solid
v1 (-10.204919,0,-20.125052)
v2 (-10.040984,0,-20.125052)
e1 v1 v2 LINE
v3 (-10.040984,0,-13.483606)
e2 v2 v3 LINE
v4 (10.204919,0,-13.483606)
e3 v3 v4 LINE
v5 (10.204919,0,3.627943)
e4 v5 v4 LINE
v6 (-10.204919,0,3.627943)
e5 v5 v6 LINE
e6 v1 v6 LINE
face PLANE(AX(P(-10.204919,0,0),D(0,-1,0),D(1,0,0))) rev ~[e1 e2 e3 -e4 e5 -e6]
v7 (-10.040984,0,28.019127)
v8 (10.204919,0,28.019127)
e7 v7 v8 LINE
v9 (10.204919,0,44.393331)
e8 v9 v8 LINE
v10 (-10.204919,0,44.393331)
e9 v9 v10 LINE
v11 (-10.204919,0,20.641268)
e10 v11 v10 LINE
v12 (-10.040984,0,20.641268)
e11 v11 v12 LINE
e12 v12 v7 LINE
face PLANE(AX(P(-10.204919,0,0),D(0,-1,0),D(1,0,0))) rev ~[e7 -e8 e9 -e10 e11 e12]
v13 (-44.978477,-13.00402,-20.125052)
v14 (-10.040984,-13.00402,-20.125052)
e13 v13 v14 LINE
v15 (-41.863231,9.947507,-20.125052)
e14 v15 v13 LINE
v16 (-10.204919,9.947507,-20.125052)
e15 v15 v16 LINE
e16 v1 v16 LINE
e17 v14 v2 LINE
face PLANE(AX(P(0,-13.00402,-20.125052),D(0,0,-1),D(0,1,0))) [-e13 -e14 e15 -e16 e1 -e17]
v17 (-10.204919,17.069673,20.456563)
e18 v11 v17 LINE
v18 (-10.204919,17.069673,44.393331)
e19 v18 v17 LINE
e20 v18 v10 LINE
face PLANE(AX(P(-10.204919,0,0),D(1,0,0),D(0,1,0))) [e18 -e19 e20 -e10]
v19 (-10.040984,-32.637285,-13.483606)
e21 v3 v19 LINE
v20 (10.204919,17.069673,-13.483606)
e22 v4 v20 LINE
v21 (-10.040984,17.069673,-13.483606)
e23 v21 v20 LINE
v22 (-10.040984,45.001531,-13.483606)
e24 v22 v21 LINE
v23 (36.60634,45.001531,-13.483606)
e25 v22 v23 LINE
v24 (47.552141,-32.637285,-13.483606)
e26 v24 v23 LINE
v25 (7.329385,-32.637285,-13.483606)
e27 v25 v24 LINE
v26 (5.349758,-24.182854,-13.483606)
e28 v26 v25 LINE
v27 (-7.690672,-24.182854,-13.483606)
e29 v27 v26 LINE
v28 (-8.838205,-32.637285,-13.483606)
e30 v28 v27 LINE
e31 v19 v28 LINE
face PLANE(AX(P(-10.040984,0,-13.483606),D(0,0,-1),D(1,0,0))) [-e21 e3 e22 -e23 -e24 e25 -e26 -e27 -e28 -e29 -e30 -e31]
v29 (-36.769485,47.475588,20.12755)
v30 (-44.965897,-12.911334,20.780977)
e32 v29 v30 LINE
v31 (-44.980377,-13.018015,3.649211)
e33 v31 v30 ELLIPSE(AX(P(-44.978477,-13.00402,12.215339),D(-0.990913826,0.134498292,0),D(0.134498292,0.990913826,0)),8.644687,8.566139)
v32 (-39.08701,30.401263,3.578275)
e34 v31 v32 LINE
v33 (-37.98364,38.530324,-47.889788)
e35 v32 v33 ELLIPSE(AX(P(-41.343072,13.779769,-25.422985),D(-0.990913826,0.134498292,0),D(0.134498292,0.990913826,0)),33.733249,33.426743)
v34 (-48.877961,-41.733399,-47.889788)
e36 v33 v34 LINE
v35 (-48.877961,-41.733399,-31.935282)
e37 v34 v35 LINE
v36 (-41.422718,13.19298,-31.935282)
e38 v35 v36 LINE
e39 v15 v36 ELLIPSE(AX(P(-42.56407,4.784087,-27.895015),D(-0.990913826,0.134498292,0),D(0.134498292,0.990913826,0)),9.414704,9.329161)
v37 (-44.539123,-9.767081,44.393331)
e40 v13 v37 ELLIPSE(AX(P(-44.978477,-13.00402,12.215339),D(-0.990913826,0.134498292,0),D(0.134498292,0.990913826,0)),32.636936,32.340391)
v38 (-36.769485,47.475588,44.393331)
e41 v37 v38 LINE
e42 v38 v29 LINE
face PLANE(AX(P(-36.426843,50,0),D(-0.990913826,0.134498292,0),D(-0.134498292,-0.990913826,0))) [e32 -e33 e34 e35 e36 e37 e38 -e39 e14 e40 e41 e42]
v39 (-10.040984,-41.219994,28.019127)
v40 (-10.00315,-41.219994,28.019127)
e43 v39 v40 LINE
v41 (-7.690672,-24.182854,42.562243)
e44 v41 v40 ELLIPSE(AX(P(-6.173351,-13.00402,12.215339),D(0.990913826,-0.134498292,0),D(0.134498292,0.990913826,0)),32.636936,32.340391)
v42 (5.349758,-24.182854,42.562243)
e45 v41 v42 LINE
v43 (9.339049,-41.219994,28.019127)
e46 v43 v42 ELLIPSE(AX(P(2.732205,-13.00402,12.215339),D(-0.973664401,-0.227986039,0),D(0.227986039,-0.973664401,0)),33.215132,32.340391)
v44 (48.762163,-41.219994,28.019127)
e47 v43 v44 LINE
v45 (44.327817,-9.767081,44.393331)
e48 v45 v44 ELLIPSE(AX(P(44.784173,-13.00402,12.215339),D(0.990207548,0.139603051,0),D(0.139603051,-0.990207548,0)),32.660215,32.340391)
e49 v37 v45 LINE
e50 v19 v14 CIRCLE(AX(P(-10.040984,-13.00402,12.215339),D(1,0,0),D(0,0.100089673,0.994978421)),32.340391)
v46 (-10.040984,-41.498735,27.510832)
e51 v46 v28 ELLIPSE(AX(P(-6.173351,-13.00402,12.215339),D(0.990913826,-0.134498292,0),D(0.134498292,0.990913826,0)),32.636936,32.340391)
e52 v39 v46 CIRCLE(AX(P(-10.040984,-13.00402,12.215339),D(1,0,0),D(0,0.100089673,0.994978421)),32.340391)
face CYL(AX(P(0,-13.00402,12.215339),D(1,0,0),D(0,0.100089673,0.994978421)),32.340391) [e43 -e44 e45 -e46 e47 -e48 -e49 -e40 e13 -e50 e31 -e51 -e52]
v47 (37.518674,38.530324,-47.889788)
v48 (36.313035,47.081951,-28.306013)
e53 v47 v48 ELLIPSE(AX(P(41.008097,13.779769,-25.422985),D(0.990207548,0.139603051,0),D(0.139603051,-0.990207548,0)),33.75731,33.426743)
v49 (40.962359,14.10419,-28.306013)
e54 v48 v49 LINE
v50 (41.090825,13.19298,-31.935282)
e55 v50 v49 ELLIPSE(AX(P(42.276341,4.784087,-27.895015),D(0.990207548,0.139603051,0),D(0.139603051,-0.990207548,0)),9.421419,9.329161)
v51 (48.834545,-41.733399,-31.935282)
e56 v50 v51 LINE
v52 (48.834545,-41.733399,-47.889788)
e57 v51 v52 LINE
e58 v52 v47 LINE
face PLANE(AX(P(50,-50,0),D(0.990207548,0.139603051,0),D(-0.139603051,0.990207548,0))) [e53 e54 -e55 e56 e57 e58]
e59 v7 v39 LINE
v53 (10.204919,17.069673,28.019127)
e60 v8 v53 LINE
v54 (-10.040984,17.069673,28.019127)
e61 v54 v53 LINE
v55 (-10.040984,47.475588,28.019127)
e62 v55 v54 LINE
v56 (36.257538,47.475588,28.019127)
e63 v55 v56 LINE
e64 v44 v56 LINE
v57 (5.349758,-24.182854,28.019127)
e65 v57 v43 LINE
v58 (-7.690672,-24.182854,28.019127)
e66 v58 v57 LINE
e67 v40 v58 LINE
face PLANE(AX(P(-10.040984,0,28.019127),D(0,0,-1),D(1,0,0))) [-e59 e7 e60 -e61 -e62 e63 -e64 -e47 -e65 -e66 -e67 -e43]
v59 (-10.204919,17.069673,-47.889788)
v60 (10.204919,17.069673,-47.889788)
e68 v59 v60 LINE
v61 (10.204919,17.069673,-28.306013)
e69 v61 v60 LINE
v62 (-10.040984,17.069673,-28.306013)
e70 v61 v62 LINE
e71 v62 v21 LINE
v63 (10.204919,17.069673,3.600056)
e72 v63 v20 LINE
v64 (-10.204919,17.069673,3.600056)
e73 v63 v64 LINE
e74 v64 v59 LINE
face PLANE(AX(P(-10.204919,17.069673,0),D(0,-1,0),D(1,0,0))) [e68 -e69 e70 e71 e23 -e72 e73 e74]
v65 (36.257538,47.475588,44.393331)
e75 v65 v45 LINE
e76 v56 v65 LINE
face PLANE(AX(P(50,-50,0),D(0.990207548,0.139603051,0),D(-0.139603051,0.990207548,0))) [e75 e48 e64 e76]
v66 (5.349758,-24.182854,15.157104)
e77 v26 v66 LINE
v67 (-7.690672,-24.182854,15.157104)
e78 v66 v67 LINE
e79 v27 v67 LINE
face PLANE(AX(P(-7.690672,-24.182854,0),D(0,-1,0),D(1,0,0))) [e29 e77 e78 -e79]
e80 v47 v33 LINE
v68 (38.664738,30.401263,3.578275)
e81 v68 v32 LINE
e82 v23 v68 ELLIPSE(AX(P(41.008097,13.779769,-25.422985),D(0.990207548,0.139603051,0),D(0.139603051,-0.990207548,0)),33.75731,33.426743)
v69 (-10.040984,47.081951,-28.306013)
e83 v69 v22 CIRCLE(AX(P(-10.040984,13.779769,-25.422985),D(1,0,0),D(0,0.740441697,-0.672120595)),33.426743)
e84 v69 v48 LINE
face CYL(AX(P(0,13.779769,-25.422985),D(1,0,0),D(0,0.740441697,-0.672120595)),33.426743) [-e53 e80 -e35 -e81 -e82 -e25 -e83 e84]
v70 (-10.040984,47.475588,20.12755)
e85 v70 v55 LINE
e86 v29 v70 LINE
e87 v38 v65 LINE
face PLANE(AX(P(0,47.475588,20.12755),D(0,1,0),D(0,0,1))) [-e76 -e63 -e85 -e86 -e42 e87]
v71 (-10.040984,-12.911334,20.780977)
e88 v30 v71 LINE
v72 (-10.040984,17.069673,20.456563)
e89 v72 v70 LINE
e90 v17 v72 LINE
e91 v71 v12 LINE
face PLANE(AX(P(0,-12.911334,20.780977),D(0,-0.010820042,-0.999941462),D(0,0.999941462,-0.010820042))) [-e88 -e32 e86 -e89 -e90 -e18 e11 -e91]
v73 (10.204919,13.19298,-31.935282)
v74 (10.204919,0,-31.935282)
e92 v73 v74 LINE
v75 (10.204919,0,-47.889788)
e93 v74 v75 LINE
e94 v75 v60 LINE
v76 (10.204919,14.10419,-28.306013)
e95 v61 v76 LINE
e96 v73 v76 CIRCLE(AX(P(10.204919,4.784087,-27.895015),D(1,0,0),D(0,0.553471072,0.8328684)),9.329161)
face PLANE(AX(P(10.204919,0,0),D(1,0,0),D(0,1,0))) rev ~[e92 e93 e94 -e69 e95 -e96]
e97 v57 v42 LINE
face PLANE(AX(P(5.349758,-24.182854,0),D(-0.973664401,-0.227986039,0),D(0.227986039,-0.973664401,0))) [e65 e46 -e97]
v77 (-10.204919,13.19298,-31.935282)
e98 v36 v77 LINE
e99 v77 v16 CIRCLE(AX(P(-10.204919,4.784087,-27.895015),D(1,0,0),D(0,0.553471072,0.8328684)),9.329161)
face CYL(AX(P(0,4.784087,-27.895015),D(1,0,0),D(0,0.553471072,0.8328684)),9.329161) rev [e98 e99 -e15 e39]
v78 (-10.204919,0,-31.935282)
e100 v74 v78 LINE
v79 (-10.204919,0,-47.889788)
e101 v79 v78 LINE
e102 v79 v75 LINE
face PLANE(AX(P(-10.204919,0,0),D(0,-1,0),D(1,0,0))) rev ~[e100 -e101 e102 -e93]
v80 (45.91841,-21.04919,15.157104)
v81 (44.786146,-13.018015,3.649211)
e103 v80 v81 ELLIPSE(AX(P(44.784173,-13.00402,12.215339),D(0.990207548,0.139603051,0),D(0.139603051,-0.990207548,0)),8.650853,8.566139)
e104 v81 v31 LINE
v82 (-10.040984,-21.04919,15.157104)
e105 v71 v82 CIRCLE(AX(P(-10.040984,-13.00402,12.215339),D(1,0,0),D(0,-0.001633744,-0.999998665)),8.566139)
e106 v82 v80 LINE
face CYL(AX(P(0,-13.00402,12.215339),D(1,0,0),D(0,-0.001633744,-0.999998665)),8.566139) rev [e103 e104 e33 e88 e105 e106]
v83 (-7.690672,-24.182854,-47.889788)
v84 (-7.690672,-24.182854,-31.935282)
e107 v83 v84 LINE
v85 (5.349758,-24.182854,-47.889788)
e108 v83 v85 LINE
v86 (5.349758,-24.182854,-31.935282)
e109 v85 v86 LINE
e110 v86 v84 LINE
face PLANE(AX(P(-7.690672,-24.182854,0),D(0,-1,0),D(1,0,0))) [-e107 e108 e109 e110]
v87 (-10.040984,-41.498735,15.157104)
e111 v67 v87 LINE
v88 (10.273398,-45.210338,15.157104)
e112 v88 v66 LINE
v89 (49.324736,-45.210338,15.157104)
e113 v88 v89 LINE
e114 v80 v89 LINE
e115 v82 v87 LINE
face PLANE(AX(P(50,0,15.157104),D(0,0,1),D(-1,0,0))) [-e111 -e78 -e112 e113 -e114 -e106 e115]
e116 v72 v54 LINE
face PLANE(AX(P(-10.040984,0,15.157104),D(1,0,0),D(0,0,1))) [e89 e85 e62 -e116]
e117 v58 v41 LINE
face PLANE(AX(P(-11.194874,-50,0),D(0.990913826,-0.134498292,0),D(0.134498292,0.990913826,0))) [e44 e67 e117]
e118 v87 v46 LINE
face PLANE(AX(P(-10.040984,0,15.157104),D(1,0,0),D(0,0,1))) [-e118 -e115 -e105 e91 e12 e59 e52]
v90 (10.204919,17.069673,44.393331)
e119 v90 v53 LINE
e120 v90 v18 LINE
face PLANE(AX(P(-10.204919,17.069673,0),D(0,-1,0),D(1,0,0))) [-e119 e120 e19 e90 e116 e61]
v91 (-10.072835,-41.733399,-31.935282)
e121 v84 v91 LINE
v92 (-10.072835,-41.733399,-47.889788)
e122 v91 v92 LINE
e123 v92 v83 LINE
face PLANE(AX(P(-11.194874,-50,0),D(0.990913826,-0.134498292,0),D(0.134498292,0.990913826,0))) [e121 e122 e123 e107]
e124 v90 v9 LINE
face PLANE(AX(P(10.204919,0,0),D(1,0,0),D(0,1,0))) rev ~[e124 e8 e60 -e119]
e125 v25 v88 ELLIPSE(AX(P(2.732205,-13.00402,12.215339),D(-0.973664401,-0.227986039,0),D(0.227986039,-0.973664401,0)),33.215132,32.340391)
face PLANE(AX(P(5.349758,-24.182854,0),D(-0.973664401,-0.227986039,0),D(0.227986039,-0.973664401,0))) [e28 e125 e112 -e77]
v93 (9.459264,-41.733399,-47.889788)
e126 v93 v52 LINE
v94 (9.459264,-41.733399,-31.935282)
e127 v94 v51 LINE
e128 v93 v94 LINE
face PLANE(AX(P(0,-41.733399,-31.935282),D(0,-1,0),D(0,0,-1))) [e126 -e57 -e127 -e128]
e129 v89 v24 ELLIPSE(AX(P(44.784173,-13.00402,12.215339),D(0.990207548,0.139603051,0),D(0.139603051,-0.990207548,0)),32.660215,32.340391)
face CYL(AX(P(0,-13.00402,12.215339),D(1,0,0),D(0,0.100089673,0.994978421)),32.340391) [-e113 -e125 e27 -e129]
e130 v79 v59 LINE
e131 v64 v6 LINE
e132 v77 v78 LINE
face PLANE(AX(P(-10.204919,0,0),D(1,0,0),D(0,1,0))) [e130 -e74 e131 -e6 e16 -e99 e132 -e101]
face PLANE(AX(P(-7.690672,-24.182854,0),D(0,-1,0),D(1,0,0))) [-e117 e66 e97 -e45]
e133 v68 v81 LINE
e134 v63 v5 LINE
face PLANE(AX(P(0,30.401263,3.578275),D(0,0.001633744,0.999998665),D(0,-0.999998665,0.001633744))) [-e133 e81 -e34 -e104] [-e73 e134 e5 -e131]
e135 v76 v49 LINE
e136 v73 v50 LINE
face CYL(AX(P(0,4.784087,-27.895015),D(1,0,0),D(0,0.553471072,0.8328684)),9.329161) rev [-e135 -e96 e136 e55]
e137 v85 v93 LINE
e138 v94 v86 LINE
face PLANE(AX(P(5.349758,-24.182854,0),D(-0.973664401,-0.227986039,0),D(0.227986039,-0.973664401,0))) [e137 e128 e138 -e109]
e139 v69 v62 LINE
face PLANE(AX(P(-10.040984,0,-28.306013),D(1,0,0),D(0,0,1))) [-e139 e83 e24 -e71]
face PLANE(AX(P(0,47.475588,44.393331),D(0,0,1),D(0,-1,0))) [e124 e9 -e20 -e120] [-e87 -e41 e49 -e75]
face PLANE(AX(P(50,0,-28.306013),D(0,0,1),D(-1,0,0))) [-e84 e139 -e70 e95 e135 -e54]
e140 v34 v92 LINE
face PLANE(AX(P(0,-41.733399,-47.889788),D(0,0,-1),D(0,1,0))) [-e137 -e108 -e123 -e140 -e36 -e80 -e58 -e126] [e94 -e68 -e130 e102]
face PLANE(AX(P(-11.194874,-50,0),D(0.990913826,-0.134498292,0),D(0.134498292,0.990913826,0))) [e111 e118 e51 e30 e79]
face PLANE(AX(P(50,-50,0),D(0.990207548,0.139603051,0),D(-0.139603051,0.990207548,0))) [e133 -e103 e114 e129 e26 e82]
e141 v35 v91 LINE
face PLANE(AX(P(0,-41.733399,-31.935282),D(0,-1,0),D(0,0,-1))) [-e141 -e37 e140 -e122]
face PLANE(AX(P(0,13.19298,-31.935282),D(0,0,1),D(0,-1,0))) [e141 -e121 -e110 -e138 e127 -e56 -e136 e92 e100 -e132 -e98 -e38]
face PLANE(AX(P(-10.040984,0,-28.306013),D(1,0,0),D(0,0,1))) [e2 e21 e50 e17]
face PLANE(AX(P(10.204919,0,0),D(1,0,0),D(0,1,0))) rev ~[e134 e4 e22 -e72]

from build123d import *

# Parameters (mm, degrees)
F0_W     = 20.4098373652
F0_H     = 17.0696731657
F3_DEPTH = 50
F1_W     = 39.9590164423
F1_H     = 21.9808734953
F1_H_2   = 12.8620229661
F1_W_2   = 10.0409835577
F1_H_3   = 15.1571035385
F1_W_3   = 50
F1_H_4   = 13.4836062789
F1_H_5   = 14.8224066943
F1_H_6   = 21.6939870268
F4_DEPTH = 50
F5_DEPTH = 50


with BuildPart() as f3:
    # F0 (on Top) → F3 (new body, symmetric)
    with BuildSketch(Plane.XY):
        Polygon((-36.4268427715, 50), (-50, -50), (-11.1948736012, -50), (-7.6906718126, -24.1828542203), (5.3497580811, -24.1828542203), (11.394909583, -50), (50, -50), (35.9016373754, 50), align=None)
        with Locations((0, 8.5348365828)):
            Rectangle(F0_W, F0_H, mode=Mode.SUBTRACT)
    extrude(amount=F3_DEPTH, both=True)

    # F1 (on Front) → F4 (intersect, symmetric)
    with BuildSketch(Plane.XZ):
        with Locations((-30.0204917789, 39.0095632523)):
            Rectangle(F1_W, F1_H)
        with Locations((-30.0204917789, 21.5881150216)):
            Rectangle(F1_W, F1_H_2)
        with Locations((-5.0204917789, 39.0095632523)):
            Rectangle(F1_W_2, F1_H)
        with Locations((-30.0204917789, 7.5785517693)):
            Rectangle(F1_W, F1_H_3)
        with Locations((25, 39.0095632523)):
            Rectangle(F1_W_3, F1_H)
        with Locations((-30.0204917789, -6.7418031394)):
            Rectangle(F1_W, F1_H_4)
        with Locations((-5.0204917789, 7.5785517693)):
            Rectangle(F1_W_2, F1_H_3)
        with Locations((-30.0204917789, -20.894809626)):
            Rectangle(F1_W, F1_H_5)
        with Locations((-5.0204917789, -6.7418031394)):
            Rectangle(F1_W_2, F1_H_4)
        with Locations((25, 7.5785517693)):
            Rectangle(F1_W_3, F1_H_3)
        Polygon((-10.0409835577, -28.3060129732), (-50, -28.3060129732), (-50, -50), (0, -50), (0, -28.3060129732), align=None)
        with Locations((25, -6.7418031394)):
            Rectangle(F1_W_3, F1_H_4)
        with Locations((25, -39.1530064866)):
            Rectangle(F1_W_3, F1_H_6)
    extrude(amount=F4_DEPTH, both=True, mode=Mode.INTERSECT)

    # F2 (on Right) → F5 (intersect, symmetric)
    with BuildSketch(Plane.YZ):
        with BuildLine():
            ThreePointArc((-13.0180147375, 3.6492112836), (-21.5699932759, 12.268680348), (-12.9113338643, 20.780977398))
            Line((-12.9113338643, 20.780977398), (47.4755875766, 20.1275501))
            Line((47.4755875766, 20.1275501), (47.4755875766, 44.3933308125))
            Line((47.4755875766, 44.3933308125), (-9.7670806572, 44.3933308125))
            ThreePointArc((-9.7670806572, 44.3933308125), (-45.3037856876, 13.8358446009), (-13.0040198565, -20.1250519603))
            Line((-13.0040198565, -20.1250519603), (9.9475071912, -20.1250519603))
            ThreePointArc((9.9475071912, -20.1250519603), (13.7797693487, -25.4229853105), (13.1929796225, -31.9352820516))
            Line((13.1929796225, -31.9352820516), (9.74121131, -31.9352820516))
            Line((9.74121131, -31.9352820516), (-41.7333990335, -31.9352820516))
            Line((-41.7333990335, -31.9352820516), (-41.7333990335, -47.8897877038))
            Line((-41.7333990335, -47.8897877038), (33.7939150631, -47.8897877038))
            Line((33.7939150631, -47.8897877038), (38.5303236544, -47.8897877038))
            ThreePointArc((38.5303236544, -47.8897877038), (46.7972185844, -20.2080841435), (30.4012625826, 3.5782751947))
            Line((30.4012625826, 3.5782751947), (-13.0180147375, 3.6492112836))
        make_face()
    extrude(amount=F5_DEPTH, both=True, mode=Mode.INTERSECT)


solid = f3.part
